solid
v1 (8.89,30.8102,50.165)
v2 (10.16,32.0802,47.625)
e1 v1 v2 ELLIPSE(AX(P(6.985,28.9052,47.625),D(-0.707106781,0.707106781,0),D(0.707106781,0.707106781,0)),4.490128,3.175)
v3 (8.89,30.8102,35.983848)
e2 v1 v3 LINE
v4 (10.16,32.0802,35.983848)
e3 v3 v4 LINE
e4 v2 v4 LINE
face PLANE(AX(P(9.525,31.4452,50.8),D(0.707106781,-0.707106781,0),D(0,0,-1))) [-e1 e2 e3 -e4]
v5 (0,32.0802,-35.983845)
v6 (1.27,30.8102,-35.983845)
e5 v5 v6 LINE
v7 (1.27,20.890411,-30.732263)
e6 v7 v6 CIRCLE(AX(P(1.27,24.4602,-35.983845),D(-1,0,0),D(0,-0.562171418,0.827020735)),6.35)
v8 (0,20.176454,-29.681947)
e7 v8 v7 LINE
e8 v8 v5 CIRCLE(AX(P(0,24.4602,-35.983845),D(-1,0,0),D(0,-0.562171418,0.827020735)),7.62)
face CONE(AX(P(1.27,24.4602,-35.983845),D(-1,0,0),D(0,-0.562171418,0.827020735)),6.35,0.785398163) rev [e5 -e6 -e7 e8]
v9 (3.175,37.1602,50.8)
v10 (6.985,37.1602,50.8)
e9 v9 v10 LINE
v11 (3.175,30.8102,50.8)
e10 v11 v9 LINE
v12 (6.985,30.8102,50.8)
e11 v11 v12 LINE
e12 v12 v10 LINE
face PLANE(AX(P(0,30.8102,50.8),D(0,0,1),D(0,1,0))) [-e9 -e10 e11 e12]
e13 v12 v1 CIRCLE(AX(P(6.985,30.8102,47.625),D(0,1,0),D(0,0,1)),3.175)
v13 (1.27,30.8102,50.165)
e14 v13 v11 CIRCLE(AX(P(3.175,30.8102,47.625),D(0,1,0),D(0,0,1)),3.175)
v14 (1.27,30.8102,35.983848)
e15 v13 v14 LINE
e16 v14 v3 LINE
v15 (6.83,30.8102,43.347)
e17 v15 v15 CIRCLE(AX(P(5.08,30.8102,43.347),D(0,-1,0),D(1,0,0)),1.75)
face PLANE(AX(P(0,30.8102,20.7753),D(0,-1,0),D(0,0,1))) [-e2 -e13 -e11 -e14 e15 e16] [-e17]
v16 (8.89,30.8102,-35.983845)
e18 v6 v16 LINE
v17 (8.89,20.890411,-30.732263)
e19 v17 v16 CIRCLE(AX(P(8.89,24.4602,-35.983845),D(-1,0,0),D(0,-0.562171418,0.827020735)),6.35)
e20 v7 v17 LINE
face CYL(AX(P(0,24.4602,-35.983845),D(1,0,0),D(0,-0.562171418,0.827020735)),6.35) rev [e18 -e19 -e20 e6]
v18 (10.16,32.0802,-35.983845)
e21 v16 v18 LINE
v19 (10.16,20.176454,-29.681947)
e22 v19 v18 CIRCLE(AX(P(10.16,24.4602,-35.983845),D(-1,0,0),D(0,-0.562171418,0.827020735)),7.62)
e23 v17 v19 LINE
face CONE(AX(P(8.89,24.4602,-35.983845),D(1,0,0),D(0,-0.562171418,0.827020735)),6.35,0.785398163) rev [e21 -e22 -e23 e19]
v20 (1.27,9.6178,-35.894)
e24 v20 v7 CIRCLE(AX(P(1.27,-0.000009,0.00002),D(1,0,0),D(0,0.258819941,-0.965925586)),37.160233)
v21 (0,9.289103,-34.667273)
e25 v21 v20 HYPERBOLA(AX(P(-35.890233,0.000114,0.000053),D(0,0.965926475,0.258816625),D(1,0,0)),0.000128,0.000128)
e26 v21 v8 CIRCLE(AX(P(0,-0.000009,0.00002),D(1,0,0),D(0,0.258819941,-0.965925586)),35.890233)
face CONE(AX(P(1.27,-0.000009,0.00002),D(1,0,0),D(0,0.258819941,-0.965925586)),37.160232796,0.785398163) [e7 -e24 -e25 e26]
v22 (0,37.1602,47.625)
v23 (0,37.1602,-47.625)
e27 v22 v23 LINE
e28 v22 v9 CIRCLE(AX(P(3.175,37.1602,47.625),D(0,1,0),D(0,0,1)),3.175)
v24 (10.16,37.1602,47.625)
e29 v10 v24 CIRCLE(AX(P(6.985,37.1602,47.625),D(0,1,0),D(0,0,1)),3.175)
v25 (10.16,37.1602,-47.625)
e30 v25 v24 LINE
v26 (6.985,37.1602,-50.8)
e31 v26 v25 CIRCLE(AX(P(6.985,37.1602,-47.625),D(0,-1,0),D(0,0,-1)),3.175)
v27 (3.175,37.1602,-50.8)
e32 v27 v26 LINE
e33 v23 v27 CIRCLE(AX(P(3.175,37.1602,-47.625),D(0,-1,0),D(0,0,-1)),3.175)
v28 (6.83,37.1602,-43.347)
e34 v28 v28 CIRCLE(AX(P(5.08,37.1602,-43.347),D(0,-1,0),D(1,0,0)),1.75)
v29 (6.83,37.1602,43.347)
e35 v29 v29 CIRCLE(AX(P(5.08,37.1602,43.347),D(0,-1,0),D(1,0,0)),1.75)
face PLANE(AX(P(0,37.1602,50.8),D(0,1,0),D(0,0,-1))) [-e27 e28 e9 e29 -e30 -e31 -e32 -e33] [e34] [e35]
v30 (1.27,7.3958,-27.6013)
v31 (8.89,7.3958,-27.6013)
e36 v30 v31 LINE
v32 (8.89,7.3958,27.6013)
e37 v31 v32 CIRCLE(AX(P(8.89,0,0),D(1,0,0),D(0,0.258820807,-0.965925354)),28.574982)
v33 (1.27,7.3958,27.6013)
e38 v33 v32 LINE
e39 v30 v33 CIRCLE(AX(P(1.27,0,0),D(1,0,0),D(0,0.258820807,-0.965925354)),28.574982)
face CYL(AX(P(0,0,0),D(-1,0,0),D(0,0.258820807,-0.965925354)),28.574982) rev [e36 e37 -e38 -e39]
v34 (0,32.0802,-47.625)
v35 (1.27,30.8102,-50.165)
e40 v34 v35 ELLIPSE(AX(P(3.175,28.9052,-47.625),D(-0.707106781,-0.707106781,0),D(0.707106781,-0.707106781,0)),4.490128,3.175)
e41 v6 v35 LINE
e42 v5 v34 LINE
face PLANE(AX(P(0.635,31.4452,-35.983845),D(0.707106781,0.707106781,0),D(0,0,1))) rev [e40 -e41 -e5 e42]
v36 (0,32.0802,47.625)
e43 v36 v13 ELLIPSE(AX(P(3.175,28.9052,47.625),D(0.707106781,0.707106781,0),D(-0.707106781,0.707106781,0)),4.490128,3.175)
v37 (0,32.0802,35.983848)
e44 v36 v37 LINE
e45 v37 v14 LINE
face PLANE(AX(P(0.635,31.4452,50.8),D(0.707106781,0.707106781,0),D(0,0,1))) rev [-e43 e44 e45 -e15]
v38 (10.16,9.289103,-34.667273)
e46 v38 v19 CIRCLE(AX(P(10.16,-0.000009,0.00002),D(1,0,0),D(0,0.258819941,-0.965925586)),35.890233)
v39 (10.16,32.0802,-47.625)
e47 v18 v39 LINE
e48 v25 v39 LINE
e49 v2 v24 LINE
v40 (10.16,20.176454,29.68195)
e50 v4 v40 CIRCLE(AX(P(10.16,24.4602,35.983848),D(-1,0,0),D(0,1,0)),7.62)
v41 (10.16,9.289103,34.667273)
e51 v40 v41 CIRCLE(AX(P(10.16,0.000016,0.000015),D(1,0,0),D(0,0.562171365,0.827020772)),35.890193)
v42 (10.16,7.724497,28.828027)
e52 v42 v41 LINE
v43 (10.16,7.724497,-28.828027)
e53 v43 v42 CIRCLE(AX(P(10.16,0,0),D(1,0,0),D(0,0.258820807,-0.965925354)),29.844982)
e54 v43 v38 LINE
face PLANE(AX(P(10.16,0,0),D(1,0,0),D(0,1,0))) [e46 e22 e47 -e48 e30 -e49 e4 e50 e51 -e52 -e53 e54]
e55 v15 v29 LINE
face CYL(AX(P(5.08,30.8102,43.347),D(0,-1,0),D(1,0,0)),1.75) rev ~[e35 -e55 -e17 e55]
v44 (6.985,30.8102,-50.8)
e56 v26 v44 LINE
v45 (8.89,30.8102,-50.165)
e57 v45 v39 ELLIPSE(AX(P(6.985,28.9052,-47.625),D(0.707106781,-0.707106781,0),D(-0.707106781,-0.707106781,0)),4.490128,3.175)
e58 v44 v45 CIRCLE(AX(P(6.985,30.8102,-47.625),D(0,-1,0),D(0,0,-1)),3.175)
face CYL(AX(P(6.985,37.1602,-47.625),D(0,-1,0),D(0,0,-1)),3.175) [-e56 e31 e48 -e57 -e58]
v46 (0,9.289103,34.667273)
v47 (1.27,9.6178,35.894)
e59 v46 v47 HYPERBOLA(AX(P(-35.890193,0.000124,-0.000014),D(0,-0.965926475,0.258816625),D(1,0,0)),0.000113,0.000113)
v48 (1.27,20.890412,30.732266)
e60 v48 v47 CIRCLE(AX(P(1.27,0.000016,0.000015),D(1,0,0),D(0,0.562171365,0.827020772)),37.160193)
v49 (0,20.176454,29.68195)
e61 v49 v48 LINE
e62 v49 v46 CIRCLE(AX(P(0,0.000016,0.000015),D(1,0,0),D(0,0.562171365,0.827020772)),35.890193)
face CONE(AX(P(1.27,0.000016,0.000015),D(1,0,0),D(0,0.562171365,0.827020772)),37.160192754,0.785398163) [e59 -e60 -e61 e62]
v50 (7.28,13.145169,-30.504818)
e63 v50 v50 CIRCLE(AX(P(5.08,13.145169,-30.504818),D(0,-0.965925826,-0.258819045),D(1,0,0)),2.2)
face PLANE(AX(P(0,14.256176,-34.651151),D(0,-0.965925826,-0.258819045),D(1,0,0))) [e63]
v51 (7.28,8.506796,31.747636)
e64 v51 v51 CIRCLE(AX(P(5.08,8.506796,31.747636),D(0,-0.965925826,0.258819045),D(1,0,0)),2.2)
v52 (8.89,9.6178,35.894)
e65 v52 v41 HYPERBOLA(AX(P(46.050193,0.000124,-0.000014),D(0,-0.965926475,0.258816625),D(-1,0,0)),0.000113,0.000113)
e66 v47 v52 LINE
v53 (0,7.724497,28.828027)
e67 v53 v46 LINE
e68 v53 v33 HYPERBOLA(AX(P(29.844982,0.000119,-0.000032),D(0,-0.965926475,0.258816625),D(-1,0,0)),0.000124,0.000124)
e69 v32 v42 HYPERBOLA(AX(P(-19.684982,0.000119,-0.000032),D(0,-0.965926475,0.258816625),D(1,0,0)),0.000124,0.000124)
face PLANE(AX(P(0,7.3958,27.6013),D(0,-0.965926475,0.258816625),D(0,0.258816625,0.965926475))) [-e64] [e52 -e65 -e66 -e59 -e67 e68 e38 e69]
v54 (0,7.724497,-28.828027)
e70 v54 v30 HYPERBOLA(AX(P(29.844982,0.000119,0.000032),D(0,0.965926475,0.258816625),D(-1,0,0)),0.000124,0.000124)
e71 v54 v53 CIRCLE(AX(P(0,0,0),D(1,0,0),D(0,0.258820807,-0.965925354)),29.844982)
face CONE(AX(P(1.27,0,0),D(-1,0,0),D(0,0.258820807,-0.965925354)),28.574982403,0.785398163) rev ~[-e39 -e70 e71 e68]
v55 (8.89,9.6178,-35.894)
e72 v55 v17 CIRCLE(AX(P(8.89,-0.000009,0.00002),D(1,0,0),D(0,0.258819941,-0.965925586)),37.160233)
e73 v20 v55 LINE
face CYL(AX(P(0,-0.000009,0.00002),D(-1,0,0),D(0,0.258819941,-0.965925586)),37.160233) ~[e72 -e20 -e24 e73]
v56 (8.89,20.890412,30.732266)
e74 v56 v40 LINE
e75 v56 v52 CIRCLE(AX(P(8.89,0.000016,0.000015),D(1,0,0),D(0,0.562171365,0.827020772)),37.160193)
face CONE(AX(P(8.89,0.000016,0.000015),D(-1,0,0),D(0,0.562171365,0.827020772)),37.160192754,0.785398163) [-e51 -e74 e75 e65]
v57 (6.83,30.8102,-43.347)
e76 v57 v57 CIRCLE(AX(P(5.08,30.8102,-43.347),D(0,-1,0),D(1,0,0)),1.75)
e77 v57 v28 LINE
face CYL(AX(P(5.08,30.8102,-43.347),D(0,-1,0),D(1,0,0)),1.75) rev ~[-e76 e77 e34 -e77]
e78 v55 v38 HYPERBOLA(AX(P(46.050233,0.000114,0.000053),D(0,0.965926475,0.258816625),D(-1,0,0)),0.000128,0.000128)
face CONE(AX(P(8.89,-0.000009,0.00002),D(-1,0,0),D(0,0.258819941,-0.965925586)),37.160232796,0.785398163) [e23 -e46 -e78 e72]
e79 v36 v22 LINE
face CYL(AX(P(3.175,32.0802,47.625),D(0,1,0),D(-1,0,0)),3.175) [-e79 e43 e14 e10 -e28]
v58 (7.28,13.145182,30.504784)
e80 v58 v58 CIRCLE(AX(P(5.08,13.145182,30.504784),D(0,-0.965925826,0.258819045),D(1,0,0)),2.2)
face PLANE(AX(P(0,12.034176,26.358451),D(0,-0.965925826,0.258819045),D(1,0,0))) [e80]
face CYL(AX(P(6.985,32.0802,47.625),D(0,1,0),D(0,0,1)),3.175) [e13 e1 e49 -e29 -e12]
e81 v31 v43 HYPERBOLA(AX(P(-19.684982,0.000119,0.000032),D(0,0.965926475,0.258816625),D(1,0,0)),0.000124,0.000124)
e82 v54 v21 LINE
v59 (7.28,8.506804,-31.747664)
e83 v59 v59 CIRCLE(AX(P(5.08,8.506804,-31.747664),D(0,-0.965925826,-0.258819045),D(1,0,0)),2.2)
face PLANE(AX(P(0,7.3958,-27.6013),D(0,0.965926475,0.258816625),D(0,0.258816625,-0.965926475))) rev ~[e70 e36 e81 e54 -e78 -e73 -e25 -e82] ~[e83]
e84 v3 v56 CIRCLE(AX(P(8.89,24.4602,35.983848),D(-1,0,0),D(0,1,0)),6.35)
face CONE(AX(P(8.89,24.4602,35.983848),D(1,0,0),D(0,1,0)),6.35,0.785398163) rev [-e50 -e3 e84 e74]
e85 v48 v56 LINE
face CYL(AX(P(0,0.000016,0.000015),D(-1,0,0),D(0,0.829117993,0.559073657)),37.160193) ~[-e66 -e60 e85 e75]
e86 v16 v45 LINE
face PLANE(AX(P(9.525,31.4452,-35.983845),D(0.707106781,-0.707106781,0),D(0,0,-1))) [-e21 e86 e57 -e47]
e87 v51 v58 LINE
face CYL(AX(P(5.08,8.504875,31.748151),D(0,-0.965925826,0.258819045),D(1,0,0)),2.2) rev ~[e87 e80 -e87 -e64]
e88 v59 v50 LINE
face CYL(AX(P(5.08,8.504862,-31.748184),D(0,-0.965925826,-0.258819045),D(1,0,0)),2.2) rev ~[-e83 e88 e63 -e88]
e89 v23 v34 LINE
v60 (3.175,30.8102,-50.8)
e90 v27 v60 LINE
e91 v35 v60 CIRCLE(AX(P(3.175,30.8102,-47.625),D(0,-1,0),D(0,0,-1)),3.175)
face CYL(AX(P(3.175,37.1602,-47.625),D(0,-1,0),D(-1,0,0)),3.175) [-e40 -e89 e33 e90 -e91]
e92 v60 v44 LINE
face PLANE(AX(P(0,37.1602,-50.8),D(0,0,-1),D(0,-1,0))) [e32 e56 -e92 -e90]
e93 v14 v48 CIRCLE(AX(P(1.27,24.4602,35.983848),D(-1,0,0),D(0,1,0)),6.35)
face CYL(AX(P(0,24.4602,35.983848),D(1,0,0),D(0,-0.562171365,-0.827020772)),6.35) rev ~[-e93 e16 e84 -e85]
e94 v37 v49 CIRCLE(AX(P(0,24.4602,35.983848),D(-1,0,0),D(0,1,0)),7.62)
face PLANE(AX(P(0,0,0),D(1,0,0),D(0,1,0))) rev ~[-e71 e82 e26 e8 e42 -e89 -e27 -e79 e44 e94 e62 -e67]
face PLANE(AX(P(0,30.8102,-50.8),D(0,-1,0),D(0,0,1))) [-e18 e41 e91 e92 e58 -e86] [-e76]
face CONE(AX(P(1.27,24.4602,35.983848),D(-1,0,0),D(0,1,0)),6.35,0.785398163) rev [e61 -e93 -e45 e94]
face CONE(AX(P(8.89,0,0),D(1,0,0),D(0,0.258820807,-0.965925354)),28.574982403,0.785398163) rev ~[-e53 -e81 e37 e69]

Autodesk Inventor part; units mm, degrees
ref_plane "YZ Plane" through (0, 0, 0) normal (1, 0, 0) x (0, 1, 0)
ref_plane "XZ Plane" through (0, 0, 0) normal (0, 1, 0) x (-1, 0, 0)
ref_plane "XY Plane" through (0, 0, 0) normal (0, 0, 1) x (1, 0, 0)
sketch "Sketch1" plane through (0, 0, 0) normal (1, 0, 0) x (0, 1, 0)
  arc A0 (7.3958, -27.6013) -> (7.3958, 27.6013) centre (0, 0) ccw
  line L0 (7.3958, 27.6013) -> (9.6178, 35.894)
  line L1 (0, 0) -> (46.4224, 0) construction
  line L2 (7.3958, -27.6013) -> (9.6178, -35.894)
  line L3 (0, 0) -> (51.2466, 0) construction
  line L4 (30.8102, 20.7753) -> (30.8102, 50.8)
  line L5 (30.8102, 50.8) -> (37.1602, 50.8)
  line L6 (37.1602, 50.8) -> (37.1602, 0)
  line L7 (37.1602, 0) -> (37.1602, -50.8)
  line L8 (37.1602, -50.8) -> (30.8102, -50.8)
  line L9 (30.8102, -50.8) -> (30.8102, -20.7753)
  arc A1 (9.6178, -35.894) -> (30.8102, -20.7753) centre (0, 0) ccw
  arc A2 (30.8102, 20.7753) -> (9.6178, 35.894) centre (0, 0) ccw
extrude "Extrusion1" add sketch "Sketch1" along normal blind 10.16
sketch "Sketch2" plane through (0, 30.8102, 20.7753) normal (0, -1, 0) x (1, 0, 0)
  line L0 (0, 15.1187) -> (10.16, 15.1187)
  line L1 (10.16, -48.3766) -> (10.16, -56.6693) projected
  line L2 (10.16, 15.1187) -> (10.16, 6.8261) projected
  circle A0 centre (5.08, 22.5717) radius 1.75
  circle A1 centre (5.08, -64.1223) radius 1.75
  point P0 (0, -20.7753)
  point P1 (10.16, 30.0247)
  point P2 (0, 30.0247)
  point P3 (0, -71.5753)
  dimension "d10" = 3.5
  dimension "d11" = 3.5
extrude "Extrusion2" cut sketch "Sketch2" against normal blind 10.16
sketch "Sketch3" plane through (0, 7.3958, 27.6013) normal (0, -0.9659, 0.2588) x (1, 0, 0)
  circle A0 centre (5.08, 4.2926) radius 2.2
  point P0 (0, -28.575)
  point P1 (0, 8.5852)
  point P2 (10.16, 0)
  dimension "d16" = 4.4
extrude "Extrusion3" cut sketch "Sketch3" against normal blind 4.8
sketch "Sketch4" plane through (0, 9.6178, -35.894) normal (0, -0.9659, -0.2588) x (1, 0, 0)
  circle A0 centre (5.08, 4.2926) radius 2.2
  point P0 (0, 37.1602)
  point P1 (0, 0)
  point P2 (10.16, 8.5852)
extrude "Extrusion4" cut sketch "Sketch4" against normal blind 4.8
fillet "Fillet1" radius 6.35 2 edges at (5.08, 30.8102, -20.7753) (5.08, 30.8102, 20.7753)
chamfer "Chamfer2" distance 1.27 angle 45 10 edges at (10.16, 15.4709, 33.7866) (10.16, 30.8102, 43.3919) (0, 15.4709, 33.7866) (0, 30.8102, 43.3919) (0, 28.575, 0) (10.16, 28.575, 0) (10.16, 15.4709, -33.7866) (10.16, 30.8102, -43.3919) (0, 15.4709, -33.7866) (0, 30.8102, -43.3919)
fillet "Fillet2" radius 3.175 4 edges at (0, 34.6202, 50.8) (10.16, 34.6202, 50.8) (0, 34.6202, -50.8) (10.16, 34.6202, -50.8)
properties part number "bottomCameraMount"
